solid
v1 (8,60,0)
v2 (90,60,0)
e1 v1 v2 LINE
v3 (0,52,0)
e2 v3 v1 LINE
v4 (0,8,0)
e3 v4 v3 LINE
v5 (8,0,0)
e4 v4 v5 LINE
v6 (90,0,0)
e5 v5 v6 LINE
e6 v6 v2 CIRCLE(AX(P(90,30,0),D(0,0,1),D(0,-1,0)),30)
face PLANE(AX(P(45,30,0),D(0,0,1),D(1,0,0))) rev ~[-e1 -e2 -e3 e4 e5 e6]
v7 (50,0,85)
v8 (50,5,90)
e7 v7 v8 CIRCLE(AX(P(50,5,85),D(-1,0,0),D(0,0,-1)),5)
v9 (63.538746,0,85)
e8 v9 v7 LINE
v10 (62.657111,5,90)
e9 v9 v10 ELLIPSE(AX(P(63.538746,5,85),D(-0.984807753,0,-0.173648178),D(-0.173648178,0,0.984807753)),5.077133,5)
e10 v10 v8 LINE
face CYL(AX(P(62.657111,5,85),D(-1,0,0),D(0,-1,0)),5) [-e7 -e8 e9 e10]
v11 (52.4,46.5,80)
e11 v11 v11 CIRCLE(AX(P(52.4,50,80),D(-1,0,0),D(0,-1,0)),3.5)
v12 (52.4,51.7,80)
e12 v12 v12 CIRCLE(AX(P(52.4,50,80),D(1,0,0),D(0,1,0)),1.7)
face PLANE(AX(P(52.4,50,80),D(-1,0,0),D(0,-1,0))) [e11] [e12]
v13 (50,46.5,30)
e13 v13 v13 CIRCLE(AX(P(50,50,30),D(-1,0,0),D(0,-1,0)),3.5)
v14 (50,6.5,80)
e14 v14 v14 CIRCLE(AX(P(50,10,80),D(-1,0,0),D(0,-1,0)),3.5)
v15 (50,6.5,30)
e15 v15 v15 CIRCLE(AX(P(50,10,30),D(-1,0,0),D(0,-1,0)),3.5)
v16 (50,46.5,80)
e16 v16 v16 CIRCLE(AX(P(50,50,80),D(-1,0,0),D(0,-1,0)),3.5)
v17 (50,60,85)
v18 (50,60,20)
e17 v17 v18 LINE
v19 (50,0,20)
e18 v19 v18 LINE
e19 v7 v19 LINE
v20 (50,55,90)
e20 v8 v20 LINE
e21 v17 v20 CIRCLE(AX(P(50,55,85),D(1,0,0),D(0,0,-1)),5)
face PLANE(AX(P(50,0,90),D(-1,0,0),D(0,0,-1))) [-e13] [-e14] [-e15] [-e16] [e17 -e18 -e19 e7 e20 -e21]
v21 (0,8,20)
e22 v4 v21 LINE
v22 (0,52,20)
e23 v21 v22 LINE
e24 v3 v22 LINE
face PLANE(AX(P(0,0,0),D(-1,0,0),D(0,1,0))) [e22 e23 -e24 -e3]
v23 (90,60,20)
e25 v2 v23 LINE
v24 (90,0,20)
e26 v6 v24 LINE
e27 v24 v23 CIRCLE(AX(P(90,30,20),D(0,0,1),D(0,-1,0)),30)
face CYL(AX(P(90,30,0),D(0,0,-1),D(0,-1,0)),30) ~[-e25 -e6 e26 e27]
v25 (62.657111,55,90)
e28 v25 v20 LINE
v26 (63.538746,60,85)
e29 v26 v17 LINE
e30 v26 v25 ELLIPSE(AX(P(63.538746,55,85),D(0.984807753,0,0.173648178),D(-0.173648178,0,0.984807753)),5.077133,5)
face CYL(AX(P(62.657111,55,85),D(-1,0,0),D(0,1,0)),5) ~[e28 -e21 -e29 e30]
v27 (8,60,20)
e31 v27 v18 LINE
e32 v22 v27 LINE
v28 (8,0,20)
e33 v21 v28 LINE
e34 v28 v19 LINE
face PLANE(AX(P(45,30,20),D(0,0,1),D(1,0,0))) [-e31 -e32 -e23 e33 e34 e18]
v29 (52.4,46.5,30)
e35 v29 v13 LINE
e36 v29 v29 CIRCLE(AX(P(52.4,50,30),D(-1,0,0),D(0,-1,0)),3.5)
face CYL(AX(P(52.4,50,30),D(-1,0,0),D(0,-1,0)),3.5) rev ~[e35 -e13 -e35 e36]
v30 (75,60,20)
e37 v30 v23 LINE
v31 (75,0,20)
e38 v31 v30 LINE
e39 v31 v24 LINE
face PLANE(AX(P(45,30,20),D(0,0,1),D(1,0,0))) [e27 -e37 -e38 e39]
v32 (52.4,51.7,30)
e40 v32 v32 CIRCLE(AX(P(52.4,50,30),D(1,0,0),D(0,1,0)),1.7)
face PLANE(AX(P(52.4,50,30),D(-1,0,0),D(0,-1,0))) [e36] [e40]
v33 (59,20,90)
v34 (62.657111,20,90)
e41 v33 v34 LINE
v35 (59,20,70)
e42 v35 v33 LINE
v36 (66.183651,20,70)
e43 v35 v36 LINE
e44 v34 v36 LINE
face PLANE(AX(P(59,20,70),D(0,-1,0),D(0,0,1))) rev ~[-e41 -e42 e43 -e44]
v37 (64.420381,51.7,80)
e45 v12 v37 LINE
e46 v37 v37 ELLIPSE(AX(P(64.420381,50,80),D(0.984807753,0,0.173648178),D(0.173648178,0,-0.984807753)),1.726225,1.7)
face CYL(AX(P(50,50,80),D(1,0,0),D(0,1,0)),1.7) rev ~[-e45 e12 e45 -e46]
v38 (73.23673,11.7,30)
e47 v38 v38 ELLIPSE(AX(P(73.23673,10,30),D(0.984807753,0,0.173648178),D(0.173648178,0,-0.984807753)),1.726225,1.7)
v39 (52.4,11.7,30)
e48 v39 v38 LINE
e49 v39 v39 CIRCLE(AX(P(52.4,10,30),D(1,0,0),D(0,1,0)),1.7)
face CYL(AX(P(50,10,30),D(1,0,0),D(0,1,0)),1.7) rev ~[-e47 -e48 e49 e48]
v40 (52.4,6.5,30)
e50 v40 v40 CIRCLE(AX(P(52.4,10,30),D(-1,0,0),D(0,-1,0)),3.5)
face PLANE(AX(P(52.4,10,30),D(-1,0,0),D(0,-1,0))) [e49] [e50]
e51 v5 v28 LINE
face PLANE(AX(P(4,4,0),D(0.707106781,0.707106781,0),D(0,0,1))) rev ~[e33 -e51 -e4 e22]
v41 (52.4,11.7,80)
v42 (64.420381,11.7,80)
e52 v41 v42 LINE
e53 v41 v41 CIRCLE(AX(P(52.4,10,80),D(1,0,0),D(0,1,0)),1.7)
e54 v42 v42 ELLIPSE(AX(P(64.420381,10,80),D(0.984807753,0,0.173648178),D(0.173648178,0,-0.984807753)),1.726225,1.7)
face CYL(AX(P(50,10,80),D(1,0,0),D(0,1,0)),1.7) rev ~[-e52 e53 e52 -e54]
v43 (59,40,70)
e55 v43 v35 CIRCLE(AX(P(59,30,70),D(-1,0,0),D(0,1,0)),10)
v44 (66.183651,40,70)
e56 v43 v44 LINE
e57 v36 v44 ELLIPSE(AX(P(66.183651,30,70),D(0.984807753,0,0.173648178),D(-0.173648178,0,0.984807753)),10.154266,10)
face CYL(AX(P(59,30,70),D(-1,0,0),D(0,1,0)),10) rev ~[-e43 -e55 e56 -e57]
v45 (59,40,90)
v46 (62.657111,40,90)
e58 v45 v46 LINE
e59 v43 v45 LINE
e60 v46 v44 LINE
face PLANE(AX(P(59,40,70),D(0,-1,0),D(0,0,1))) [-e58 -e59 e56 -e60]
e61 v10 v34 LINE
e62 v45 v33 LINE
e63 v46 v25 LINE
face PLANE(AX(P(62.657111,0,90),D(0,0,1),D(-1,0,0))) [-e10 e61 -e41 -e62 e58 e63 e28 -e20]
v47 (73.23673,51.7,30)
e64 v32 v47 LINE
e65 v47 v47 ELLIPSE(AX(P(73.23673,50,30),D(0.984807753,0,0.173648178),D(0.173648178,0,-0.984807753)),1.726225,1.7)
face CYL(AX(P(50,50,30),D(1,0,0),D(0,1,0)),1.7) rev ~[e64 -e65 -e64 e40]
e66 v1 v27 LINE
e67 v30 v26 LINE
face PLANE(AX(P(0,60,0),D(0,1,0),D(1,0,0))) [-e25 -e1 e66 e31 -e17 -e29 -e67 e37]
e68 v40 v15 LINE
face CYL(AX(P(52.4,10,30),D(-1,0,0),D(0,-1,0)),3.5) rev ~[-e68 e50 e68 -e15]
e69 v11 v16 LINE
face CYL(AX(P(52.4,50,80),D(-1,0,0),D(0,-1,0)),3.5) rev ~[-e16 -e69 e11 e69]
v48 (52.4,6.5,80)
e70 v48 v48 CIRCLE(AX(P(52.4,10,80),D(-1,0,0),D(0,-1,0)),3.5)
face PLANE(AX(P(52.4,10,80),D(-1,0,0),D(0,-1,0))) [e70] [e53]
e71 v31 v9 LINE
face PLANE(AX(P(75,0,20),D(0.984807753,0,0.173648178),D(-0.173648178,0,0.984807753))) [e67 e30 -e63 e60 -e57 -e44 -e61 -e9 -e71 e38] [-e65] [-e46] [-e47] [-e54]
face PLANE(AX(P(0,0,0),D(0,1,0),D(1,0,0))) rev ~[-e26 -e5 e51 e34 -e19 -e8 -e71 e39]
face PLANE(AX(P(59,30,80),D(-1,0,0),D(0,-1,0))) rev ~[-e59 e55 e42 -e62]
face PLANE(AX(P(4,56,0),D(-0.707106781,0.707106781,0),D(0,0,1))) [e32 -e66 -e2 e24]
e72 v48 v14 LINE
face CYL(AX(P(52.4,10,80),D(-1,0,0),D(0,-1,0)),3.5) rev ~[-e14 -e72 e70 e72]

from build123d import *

# Parameters (mm, degrees)
F0_W           = 90
F0_H           = 60
F1_DEPTH       = 20
F2_SIZE        = 8
F4_DEPTH       = 60
F5_R           = 5
F7_D           = 3.4
F7_CBORE_D     = 7
F7_CBORE_DEPTH = 2.4
F9_W           = 20
F9_H           = 20
F10_DEPTH      = 8.9479207717


with BuildPart() as f1:
    # F0 (on Top) → F1 (new body)
    with BuildSketch(Plane.XY):
        with Locations((45, 30)):
            Rectangle(F0_W, F0_H)
        with BuildLine():
            Line((90, 60), (90, 0))
            ThreePointArc((90, 0), (120, 30), (90, 60))
        make_face()
    extrude(amount=F1_DEPTH)

    # F2
    f2_edges = [f1.edges().sort_by_distance(p)[0] for p in [
        (0, 0, 10),
        (0, 60, 10),
    ]]
    chamfer(f2_edges, length=F2_SIZE)

    # F3 (on Front) → F4 (join, through all)
    with BuildSketch(Plane.XZ):
        Polygon((50, 90), (50, 20), (75, 20), (62.6571113504, 90), align=None)
    extrude(amount=-F4_DEPTH)

    # F5
    f5_edges = [f1.edges().sort_by_distance(p)[0] for p in [
        (56.328556, 0, 90),
        (56.328556, 60, 90),
    ]]
    fillet(f5_edges, radius=F5_R)

    # F7 (through all)
    with Locations(Plane(origin=(50, 0, 0), x_dir=(0, -1, 0), z_dir=(-1, 0, 0))):
        with Locations((-50, 80), (-50, 30), (-10, 30), (-10, 80)):
            CounterBoreHole(F7_D / 2, F7_CBORE_D / 2, F7_CBORE_DEPTH)

    # F9 (on offset) → F10 (cut, through all)
    with BuildSketch(Plane(origin=(59, 0, 0), x_dir=(0, -1, 0), z_dir=(-1, 0, 0))):
        with Locations((-30, 80)):
            Rectangle(F9_W, F9_H)
        with BuildLine():
            ThreePointArc((-40, 70), (-30, 60), (-20, 70))
            Line((-20, 70), (-40, 70))
        make_face()
    extrude(amount=-F10_DEPTH, mode=Mode.SUBTRACT)


solid = f1.part
